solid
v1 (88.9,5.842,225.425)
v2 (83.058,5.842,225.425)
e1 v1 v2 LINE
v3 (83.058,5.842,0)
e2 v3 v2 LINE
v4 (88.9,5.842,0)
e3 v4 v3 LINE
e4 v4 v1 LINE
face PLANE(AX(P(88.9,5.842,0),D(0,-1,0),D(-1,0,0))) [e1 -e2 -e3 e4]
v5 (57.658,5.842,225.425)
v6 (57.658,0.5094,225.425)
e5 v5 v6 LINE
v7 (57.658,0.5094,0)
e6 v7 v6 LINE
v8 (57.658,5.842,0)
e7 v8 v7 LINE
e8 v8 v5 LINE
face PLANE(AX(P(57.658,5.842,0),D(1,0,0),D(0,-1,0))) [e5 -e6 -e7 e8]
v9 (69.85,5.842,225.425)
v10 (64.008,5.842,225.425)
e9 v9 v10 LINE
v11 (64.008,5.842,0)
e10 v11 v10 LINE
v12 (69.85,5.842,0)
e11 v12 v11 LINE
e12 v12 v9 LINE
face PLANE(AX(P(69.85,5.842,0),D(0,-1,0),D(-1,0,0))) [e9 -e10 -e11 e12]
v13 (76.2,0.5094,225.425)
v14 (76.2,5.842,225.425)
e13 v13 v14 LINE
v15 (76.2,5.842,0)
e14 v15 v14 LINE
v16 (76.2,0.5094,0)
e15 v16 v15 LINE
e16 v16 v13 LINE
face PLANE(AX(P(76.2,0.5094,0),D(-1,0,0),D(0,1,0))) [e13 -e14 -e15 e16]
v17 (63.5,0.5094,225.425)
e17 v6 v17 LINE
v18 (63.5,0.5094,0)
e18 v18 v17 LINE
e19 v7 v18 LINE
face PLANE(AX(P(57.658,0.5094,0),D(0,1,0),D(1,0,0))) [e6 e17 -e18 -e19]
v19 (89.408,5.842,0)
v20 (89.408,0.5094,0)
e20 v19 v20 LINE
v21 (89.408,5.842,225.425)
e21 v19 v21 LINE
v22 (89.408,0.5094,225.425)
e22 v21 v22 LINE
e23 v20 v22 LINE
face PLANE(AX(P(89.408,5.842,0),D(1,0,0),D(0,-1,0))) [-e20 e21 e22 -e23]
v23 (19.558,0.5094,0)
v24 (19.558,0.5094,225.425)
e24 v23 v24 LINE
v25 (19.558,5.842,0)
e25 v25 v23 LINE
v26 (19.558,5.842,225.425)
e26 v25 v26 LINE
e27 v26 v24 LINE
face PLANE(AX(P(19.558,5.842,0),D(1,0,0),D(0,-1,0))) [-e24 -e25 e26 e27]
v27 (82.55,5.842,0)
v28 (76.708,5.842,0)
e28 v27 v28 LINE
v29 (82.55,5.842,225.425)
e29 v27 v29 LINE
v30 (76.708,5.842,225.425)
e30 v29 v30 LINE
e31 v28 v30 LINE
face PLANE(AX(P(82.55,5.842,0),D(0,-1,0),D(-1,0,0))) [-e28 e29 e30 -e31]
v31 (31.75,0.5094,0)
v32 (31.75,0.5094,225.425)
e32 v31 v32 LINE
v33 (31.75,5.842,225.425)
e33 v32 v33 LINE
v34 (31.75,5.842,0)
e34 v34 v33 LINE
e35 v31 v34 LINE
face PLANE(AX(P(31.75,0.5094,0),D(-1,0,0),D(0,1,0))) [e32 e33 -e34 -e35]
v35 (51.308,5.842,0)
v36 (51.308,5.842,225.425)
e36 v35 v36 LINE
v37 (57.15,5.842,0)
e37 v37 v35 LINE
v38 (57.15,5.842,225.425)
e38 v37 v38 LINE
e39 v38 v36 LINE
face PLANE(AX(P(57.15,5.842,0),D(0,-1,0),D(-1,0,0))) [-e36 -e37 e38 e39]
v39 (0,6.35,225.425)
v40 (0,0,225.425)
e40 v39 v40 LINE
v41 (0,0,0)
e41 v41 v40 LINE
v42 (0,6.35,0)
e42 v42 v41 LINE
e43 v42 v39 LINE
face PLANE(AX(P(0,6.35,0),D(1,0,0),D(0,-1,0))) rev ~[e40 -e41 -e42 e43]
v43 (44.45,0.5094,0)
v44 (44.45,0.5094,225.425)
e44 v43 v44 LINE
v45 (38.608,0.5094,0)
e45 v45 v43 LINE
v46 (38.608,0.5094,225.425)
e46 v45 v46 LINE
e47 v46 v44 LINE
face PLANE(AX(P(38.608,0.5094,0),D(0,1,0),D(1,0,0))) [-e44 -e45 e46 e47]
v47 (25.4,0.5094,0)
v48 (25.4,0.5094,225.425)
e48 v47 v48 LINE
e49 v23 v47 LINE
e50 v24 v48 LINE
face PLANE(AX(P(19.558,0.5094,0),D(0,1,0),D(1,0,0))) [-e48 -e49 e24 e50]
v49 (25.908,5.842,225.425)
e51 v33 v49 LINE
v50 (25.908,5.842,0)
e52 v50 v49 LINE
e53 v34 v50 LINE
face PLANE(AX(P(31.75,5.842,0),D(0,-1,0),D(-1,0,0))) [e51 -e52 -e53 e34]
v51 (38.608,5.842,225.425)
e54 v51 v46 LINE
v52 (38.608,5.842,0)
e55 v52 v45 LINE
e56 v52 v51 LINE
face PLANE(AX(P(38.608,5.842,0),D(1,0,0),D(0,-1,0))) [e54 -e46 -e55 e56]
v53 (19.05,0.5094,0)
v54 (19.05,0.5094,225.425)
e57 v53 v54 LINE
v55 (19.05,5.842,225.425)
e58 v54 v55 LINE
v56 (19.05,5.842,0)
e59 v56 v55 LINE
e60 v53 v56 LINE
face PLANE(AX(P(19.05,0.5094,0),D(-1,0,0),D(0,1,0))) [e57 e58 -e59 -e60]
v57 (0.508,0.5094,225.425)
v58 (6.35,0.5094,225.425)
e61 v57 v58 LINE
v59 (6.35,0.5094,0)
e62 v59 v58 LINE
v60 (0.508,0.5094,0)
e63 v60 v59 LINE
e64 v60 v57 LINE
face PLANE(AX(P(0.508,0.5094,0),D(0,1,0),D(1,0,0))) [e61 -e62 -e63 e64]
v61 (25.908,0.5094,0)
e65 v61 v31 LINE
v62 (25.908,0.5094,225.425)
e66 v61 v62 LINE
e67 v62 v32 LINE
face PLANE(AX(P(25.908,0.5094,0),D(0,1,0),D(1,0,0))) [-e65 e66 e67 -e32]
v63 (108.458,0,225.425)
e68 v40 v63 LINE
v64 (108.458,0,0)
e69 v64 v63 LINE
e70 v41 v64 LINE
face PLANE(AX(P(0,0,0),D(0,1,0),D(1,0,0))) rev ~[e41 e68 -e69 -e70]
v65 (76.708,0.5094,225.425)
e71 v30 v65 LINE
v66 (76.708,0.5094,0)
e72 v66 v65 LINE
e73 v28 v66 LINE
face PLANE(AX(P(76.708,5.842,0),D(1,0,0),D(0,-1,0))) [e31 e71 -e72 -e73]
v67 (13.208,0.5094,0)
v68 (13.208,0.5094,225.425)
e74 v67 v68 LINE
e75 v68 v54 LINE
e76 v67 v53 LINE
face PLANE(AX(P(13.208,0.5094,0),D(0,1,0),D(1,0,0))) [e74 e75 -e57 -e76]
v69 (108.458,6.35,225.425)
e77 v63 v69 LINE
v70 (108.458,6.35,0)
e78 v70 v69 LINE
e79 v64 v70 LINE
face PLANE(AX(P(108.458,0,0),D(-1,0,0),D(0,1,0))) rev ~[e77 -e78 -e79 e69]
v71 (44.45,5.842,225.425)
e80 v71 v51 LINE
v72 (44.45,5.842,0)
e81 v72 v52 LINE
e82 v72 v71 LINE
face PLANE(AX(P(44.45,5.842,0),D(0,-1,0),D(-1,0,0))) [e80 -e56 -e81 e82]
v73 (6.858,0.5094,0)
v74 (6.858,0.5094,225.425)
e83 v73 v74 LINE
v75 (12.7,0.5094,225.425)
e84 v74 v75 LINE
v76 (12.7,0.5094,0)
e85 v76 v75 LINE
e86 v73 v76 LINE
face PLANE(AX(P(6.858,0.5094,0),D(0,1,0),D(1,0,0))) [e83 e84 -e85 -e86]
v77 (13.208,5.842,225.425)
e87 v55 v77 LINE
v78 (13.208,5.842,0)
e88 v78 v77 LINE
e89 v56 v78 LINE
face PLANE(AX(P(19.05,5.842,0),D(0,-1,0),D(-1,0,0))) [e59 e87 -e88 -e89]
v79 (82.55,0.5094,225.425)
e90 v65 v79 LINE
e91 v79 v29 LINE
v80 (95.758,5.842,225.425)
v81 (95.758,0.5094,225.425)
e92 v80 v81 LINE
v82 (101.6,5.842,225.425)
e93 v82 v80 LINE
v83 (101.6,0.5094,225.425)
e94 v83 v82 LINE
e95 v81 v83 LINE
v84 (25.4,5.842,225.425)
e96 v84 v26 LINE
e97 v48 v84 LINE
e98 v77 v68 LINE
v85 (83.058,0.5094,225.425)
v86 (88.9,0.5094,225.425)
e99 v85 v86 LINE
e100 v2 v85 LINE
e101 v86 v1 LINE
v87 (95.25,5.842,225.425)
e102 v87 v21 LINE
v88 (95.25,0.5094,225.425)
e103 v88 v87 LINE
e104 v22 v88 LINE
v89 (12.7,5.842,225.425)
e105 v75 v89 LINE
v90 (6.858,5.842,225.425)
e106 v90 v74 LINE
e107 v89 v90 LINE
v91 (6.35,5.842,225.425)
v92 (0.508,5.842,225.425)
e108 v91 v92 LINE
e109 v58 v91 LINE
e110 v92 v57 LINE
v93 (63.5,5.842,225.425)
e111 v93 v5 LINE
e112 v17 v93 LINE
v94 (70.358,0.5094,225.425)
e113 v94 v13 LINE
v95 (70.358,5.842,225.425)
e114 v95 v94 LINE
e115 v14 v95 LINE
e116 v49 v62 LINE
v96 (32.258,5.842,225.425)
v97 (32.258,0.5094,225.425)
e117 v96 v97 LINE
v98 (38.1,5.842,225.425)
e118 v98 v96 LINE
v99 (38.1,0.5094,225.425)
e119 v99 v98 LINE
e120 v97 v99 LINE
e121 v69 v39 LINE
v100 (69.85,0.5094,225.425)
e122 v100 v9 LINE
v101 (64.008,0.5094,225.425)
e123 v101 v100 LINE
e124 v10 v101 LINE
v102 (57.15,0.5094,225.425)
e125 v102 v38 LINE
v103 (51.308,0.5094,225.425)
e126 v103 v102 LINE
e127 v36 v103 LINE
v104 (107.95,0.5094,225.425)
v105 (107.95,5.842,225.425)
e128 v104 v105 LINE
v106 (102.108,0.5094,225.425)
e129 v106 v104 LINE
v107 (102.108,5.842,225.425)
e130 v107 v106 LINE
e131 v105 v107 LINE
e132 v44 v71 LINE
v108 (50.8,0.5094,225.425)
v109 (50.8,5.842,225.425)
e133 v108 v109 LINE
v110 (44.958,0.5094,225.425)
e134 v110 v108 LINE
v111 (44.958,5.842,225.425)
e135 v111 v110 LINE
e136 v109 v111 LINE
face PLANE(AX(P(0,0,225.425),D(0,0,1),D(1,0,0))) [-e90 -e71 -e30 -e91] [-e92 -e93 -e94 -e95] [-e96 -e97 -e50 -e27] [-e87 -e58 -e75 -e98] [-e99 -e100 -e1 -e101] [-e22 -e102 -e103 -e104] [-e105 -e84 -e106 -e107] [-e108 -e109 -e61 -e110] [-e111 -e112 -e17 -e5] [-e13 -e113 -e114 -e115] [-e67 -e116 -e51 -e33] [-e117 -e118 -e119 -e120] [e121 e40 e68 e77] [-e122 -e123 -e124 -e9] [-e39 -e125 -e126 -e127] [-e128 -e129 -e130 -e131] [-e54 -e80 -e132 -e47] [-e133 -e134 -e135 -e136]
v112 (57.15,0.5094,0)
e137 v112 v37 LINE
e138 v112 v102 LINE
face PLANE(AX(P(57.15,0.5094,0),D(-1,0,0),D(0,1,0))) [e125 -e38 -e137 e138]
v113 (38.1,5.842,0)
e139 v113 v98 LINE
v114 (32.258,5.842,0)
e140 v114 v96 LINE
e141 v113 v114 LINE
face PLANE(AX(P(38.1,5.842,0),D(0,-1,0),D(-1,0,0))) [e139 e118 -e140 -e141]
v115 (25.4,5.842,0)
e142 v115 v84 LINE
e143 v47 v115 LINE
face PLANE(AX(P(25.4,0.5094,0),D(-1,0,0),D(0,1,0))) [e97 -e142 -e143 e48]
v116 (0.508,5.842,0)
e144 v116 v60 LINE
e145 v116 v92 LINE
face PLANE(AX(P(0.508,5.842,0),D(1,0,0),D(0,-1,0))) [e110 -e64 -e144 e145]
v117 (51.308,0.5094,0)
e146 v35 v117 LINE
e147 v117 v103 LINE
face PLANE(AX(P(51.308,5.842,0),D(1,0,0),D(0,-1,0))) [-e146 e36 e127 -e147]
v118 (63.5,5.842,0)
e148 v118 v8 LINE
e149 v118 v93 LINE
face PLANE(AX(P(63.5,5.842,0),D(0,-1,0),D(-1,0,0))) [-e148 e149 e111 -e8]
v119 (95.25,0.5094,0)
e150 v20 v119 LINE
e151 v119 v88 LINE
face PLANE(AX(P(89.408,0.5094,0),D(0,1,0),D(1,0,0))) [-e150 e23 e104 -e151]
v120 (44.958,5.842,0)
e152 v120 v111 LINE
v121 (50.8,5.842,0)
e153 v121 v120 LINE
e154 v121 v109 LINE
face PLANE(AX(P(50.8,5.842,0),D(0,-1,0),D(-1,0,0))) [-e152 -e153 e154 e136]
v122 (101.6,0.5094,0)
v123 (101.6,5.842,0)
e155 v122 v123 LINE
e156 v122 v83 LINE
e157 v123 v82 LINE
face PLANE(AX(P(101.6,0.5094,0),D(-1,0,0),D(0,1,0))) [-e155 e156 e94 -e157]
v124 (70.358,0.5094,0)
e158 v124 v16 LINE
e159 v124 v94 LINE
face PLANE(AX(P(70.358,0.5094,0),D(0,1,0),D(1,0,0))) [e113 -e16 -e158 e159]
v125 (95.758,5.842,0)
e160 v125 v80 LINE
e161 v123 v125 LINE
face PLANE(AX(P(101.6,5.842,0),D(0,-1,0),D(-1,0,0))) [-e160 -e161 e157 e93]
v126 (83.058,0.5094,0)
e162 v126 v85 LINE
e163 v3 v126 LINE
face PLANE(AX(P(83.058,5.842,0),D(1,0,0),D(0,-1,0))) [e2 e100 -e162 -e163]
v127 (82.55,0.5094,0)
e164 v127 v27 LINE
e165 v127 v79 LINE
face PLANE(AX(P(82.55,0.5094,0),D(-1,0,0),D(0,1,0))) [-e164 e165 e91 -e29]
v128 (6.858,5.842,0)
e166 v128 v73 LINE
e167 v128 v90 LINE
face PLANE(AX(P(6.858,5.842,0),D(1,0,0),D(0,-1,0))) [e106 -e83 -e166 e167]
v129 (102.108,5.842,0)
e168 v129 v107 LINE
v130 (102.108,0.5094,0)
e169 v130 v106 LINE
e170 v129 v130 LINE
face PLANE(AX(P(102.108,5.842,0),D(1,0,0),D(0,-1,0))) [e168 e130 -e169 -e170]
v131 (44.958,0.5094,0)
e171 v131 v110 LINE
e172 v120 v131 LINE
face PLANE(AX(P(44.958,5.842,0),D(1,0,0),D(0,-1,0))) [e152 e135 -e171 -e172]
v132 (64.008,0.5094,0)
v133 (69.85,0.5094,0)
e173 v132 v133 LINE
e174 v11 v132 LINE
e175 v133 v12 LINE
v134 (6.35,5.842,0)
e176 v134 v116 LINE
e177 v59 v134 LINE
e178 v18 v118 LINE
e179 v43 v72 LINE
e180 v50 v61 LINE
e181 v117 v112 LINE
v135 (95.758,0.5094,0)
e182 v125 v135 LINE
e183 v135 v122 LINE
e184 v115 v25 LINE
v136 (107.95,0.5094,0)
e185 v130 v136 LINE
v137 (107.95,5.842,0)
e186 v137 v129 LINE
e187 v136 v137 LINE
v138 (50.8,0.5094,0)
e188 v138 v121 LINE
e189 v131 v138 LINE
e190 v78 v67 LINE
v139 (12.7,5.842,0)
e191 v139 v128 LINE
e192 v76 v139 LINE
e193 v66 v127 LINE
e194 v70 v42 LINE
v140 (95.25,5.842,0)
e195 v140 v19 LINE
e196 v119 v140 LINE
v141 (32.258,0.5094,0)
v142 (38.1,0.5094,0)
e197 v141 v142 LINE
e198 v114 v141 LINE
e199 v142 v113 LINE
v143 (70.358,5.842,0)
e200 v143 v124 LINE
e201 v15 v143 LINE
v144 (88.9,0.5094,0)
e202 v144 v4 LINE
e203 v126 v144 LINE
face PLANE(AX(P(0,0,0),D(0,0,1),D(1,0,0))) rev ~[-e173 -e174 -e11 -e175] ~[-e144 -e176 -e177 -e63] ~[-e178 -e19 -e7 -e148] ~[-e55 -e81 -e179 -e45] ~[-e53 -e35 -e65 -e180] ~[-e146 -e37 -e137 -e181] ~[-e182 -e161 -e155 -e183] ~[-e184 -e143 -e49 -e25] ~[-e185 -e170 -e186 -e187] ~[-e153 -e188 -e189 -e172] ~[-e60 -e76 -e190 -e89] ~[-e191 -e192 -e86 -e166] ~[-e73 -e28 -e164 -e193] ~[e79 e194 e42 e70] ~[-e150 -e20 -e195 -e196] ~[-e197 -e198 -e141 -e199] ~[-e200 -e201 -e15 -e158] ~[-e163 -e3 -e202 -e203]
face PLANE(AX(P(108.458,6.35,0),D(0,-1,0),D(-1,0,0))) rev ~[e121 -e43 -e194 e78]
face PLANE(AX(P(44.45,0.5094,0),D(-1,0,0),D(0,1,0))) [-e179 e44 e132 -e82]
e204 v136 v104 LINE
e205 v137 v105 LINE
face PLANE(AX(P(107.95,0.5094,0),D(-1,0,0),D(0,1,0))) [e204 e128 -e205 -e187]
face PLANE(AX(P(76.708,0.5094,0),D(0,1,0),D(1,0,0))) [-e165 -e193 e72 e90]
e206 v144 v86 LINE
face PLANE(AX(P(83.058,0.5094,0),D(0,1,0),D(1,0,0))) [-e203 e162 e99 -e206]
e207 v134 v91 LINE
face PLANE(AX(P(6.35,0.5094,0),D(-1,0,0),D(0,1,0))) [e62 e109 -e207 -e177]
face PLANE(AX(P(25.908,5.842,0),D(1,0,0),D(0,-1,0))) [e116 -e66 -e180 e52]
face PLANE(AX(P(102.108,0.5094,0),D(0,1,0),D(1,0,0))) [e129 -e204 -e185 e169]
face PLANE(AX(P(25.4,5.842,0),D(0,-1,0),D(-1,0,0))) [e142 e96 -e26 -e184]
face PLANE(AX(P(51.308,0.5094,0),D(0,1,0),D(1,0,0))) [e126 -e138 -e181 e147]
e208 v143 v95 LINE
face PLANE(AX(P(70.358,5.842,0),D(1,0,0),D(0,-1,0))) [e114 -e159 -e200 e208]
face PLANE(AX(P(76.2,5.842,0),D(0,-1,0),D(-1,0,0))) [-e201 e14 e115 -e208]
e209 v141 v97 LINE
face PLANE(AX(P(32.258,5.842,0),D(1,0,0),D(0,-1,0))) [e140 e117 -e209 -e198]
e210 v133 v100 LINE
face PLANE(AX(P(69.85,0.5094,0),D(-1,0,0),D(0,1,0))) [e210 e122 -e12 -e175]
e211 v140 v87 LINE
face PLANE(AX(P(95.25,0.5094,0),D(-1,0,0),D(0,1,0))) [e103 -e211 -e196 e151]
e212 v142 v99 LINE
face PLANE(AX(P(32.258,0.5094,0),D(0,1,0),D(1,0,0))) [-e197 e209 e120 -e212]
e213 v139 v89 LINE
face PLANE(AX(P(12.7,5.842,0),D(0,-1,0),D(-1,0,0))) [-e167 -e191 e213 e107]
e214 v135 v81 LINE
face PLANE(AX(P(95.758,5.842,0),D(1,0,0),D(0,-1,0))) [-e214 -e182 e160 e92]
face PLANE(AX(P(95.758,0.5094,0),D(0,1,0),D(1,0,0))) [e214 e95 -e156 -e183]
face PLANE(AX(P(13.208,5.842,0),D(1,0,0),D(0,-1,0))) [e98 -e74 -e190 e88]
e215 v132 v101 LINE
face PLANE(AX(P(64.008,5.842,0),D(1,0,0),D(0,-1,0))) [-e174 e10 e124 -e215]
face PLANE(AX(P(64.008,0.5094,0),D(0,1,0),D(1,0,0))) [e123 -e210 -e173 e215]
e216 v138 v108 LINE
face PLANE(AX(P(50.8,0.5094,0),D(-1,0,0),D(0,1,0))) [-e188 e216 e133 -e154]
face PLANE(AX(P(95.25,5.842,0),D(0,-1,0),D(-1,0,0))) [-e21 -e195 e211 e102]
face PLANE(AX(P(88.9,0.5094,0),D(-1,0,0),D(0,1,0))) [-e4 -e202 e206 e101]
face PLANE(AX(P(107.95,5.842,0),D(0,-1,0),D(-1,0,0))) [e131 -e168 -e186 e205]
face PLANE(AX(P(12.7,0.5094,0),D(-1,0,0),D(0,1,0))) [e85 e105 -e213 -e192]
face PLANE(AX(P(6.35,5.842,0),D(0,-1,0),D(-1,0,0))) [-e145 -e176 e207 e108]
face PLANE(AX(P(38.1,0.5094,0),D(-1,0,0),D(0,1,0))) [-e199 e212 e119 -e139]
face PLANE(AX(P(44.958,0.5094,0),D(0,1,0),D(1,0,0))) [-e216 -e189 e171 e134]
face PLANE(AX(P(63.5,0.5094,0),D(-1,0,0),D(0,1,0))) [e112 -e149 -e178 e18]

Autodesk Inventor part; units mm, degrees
ref_plane "YZ Plane" through (0, 0, 0) normal (1, 0, 0) x (0, 1, 0)
ref_plane "XZ Plane" through (0, 0, 0) normal (0, 1, 0) x (-1, 0, 0)
ref_plane "XY Plane" through (0, 0, 0) normal (0, 0, 1) x (1, 0, 0)
sketch "Sketch1" plane through (0, 0, 0) normal (0, 0, 1) x (1, 0, 0)
  line L0 (0, 0) -> (108.458, 0)
  line L1 (108.458, 0) -> (108.458, 6.35)
  line L2 (108.458, 6.35) -> (0, 6.35)
  line L3 (0, 6.35) -> (0, 0)
  line L4 (0.508, 0.5094) -> (6.35, 0.5094)
  line L5 (6.35, 0.5094) -> (6.35, 5.842)
  line L6 (6.35, 5.842) -> (0.508, 5.842)
  line L7 (0.508, 5.842) -> (0.508, 0.5094)
  line L8 (6.858, 0.5094) -> (12.7, 0.5094)
  line L9 (12.7, 0.5094) -> (12.7, 5.842)
  line L10 (12.7, 5.842) -> (6.858, 5.842)
  line L11 (6.858, 5.842) -> (6.858, 0.5094)
  line L12 (13.208, 0.5094) -> (19.05, 0.5094)
  line L13 (19.05, 0.5094) -> (19.05, 5.842)
  line L14 (19.05, 5.842) -> (13.208, 5.842)
  line L15 (13.208, 5.842) -> (13.208, 0.5094)
  line L16 (19.558, 0.5094) -> (25.4, 0.5094)
  line L17 (25.4, 0.5094) -> (25.4, 5.842)
  line L18 (25.4, 5.842) -> (19.558, 5.842)
  line L19 (19.558, 5.842) -> (19.558, 0.5094)
  line L20 (25.908, 0.5094) -> (31.75, 0.5094)
  line L21 (31.75, 0.5094) -> (31.75, 5.842)
  line L22 (31.75, 5.842) -> (25.908, 5.842)
  line L23 (25.908, 5.842) -> (25.908, 0.5094)
  line L24 (32.258, 0.5094) -> (38.1, 0.5094)
  line L25 (38.1, 0.5094) -> (38.1, 5.842)
  line L26 (38.1, 5.842) -> (32.258, 5.842)
  line L27 (32.258, 5.842) -> (32.258, 0.5094)
  line L28 (38.608, 0.5094) -> (44.45, 0.5094)
  line L29 (44.45, 0.5094) -> (44.45, 5.842)
  line L30 (44.45, 5.842) -> (38.608, 5.842)
  line L31 (38.608, 5.842) -> (38.608, 0.5094)
  line L32 (44.958, 0.5094) -> (50.8, 0.5094)
  line L33 (50.8, 0.5094) -> (50.8, 5.842)
  line L34 (50.8, 5.842) -> (44.958, 5.842)
  line L35 (44.958, 5.842) -> (44.958, 0.5094)
  line L36 (51.308, 0.5094) -> (57.15, 0.5094)
  line L37 (57.15, 0.5094) -> (57.15, 5.842)
  line L38 (57.15, 5.842) -> (51.308, 5.842)
  line L39 (51.308, 5.842) -> (51.308, 0.5094)
  line L40 (57.658, 0.5094) -> (63.5, 0.5094)
  line L41 (63.5, 0.5094) -> (63.5, 5.842)
  line L42 (63.5, 5.842) -> (57.658, 5.842)
  line L43 (57.658, 5.842) -> (57.658, 0.5094)
  line L44 (64.008, 0.5094) -> (69.85, 0.5094)
  line L45 (69.85, 0.5094) -> (69.85, 5.842)
  line L46 (69.85, 5.842) -> (64.008, 5.842)
  line L47 (64.008, 5.842) -> (64.008, 0.5094)
  line L48 (70.358, 0.5094) -> (76.2, 0.5094)
  line L49 (76.2, 0.5094) -> (76.2, 5.842)
  line L50 (76.2, 5.842) -> (70.358, 5.842)
  line L51 (70.358, 5.842) -> (70.358, 0.5094)
  line L52 (76.708, 0.5094) -> (82.55, 0.5094)
  line L53 (82.55, 0.5094) -> (82.55, 5.842)
  line L54 (82.55, 5.842) -> (76.708, 5.842)
  line L55 (76.708, 5.842) -> (76.708, 0.5094)
  line L56 (83.058, 0.5094) -> (88.9, 0.5094)
  line L57 (88.9, 0.5094) -> (88.9, 5.842)
  line L58 (88.9, 5.842) -> (83.058, 5.842)
  line L59 (83.058, 5.842) -> (83.058, 0.5094)
  line L60 (89.408, 0.5094) -> (95.25, 0.5094)
  line L61 (95.25, 0.5094) -> (95.25, 5.842)
  line L62 (95.25, 5.842) -> (89.408, 5.842)
  line L63 (89.408, 5.842) -> (89.408, 0.5094)
  line L64 (95.758, 0.5094) -> (101.6, 0.5094)
  line L65 (101.6, 0.5094) -> (101.6, 5.842)
  line L66 (101.6, 5.842) -> (95.758, 5.842)
  line L67 (95.758, 5.842) -> (95.758, 0.5094)
  line L68 (102.108, 0.5094) -> (107.95, 0.5094)
  line L69 (107.95, 0.5094) -> (107.95, 5.842)
  line L70 (107.95, 5.842) -> (102.108, 5.842)
  line L71 (102.108, 5.842) -> (102.108, 0.5094)
  dimension "d0" = 108.458
  dimension "d1" = 6.35
  dimension "d2" = 0.5094
  dimension "d3" = 0.508
  dimension "d4" = 0.508
  dimension "d5" = 5.842
  dimension "d8" = 6.35
extrude "Extrusion1" add sketch "Sketch1" along normal blind 225.425
properties part number "8 ball polycarb side"
